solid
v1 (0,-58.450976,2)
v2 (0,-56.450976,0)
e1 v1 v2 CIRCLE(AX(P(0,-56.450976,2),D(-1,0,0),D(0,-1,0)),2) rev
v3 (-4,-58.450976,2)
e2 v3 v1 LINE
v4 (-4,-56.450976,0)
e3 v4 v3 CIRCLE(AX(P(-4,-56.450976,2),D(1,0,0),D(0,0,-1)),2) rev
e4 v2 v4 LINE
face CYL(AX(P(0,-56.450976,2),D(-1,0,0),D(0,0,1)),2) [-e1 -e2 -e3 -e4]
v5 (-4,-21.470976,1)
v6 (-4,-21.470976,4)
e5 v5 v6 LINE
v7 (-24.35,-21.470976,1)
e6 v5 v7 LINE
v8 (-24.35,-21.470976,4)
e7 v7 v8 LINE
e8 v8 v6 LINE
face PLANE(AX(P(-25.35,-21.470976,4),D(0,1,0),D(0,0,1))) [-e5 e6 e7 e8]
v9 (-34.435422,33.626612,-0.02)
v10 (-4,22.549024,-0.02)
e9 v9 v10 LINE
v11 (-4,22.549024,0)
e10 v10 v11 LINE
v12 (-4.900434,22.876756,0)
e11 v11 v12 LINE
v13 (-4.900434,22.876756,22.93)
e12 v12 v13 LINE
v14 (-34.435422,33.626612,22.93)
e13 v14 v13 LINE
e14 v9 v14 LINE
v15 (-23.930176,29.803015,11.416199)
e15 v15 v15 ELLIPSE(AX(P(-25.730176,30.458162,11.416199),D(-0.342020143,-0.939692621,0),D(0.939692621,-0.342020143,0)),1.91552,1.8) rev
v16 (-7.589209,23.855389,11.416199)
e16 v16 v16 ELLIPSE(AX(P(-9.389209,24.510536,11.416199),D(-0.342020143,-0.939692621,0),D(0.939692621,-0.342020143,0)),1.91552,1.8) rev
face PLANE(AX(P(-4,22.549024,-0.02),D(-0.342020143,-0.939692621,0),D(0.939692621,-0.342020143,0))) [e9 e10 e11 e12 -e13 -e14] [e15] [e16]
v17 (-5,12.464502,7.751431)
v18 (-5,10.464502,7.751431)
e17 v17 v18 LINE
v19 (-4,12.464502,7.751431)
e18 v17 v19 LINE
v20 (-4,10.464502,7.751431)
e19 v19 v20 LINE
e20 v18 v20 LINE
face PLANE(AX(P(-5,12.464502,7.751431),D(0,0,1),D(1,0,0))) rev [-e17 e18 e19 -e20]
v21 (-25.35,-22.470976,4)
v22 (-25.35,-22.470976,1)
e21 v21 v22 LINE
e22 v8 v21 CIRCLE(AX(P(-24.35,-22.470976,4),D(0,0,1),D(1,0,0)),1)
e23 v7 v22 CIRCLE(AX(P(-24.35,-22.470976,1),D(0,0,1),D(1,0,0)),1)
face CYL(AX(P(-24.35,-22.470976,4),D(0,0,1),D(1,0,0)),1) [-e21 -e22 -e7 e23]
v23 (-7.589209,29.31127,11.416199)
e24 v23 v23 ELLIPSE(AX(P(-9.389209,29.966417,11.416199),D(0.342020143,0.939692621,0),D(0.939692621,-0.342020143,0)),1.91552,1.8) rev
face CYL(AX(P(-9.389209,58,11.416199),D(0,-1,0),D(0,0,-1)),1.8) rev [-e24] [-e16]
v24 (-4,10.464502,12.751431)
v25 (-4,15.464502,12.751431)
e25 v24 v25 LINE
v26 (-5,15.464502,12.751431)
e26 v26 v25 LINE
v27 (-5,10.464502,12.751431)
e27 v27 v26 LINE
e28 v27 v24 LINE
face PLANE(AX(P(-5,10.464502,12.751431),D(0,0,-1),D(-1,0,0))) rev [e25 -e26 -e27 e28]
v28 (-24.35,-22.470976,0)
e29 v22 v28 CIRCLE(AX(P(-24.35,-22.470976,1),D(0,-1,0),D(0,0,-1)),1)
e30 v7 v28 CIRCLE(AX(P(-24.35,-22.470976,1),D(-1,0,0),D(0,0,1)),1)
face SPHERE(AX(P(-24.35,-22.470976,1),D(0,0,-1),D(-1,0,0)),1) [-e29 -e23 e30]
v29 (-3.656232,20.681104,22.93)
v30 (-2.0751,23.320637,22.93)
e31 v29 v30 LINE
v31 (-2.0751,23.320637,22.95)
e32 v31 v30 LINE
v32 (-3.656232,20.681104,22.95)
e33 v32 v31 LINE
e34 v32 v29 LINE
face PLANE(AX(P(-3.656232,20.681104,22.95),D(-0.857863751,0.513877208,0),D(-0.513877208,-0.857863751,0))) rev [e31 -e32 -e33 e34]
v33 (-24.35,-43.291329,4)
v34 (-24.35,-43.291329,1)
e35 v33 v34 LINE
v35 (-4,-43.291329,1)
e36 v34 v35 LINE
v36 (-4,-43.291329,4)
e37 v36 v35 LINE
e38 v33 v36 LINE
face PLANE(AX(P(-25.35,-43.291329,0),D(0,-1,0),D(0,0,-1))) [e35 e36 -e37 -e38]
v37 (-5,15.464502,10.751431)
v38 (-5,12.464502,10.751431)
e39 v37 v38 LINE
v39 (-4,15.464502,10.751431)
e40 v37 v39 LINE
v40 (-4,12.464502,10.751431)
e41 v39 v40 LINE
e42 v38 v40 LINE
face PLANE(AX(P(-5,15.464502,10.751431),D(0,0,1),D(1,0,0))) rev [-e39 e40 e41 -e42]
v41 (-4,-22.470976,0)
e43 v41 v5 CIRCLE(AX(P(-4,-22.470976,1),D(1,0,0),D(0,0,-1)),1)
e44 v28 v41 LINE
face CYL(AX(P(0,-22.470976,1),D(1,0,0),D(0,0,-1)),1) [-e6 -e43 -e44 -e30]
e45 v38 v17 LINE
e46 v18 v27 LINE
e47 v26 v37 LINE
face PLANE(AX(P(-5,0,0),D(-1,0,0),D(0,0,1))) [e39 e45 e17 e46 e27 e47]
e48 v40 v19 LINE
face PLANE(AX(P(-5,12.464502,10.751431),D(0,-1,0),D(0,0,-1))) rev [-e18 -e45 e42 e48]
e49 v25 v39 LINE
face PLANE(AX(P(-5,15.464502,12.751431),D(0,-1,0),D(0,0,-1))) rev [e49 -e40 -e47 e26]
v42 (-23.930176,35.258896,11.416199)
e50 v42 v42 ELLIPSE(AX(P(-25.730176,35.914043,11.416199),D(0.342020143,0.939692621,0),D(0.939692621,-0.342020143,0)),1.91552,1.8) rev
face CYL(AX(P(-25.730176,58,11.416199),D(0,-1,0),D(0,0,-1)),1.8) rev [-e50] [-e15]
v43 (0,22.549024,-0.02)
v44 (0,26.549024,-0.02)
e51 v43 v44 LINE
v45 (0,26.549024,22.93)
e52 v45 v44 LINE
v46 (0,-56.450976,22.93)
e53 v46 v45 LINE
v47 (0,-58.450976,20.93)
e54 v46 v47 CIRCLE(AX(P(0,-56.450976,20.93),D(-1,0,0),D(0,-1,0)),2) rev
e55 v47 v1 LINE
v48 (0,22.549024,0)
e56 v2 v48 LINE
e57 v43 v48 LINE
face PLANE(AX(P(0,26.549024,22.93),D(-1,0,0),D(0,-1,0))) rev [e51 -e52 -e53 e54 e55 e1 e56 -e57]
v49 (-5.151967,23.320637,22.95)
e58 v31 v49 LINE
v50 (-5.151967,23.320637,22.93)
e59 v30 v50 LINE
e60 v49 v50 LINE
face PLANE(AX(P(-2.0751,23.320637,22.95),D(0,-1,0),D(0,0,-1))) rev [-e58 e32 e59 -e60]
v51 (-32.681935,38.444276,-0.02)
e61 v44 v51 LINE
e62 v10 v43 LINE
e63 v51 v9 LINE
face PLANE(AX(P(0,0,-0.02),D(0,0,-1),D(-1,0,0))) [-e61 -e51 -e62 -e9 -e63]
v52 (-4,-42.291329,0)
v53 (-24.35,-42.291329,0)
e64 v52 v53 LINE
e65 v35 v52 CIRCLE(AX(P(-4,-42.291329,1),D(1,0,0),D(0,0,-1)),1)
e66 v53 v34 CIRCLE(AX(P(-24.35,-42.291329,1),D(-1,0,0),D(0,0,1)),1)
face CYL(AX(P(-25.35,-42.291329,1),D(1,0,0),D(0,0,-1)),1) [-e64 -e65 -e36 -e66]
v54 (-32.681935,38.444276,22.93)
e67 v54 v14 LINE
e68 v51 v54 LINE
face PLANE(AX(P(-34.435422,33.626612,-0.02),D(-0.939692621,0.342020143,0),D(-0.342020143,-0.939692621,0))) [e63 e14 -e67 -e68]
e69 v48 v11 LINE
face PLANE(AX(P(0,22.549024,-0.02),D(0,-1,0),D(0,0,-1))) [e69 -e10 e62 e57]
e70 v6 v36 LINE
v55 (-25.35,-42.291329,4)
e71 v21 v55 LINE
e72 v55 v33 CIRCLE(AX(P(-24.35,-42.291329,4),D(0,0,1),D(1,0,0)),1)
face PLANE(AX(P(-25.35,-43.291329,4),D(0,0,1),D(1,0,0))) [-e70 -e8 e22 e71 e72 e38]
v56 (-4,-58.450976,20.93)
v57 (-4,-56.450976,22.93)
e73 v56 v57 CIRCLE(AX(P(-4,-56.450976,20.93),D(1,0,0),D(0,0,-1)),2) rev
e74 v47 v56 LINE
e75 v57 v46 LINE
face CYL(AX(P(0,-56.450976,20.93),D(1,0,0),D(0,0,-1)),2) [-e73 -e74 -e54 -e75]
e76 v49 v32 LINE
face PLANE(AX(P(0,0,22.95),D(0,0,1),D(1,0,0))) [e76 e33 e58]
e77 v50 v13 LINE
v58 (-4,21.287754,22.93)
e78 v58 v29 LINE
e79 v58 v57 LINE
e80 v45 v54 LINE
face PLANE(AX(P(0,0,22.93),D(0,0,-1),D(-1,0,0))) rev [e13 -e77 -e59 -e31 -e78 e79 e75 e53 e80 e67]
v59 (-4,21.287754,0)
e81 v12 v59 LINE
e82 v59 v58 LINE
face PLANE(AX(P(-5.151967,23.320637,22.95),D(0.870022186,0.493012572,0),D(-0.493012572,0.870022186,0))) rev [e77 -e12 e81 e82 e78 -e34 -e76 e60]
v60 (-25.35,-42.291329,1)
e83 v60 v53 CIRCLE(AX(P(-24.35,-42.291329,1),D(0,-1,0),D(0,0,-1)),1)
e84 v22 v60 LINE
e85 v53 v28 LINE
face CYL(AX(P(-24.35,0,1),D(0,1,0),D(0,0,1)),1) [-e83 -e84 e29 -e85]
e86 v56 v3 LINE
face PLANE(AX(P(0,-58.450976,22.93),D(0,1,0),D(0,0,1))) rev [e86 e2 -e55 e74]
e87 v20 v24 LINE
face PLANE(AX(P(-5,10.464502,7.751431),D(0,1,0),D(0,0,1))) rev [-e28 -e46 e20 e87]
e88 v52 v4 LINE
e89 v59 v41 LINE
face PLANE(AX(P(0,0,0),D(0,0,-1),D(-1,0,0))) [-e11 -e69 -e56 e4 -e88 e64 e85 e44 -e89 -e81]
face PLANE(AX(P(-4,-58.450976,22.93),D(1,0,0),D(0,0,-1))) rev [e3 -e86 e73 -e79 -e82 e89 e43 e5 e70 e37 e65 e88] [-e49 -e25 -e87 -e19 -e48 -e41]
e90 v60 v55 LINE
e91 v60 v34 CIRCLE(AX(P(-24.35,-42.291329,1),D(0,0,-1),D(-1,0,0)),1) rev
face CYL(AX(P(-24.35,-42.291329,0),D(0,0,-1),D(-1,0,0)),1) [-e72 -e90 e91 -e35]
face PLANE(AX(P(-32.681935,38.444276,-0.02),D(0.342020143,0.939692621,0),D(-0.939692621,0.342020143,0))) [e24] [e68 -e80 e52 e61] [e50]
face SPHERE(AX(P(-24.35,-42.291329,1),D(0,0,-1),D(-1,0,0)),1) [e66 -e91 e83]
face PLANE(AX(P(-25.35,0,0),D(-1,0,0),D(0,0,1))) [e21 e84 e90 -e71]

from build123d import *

# Parameters (mm, degrees)
ESQUISSE1_W             = 4
ESQUISSE1_H             = 85
BOSS_EXTRU_1_DEPTH      = 22.93
BOSS_EXTRU_5_DEPTH      = 22.95
CONG_1_R                = 2
ESQUISSE7_W             = 4
ESQUISSE7_H             = 21.820353027
BOSS_EXTRU_10_DEPTH     = 25.35
CONG_14_R               = 1
CONG_15_R               = 1
ESQUISSE9_R             = 1.8
ENL_V_MAT_EXTRU_1_DEPTH = 58
BOSS_EXTRU_11_DEPTH     = 1
BOSS_EXTRU_12_DEPTH     = 22.95


with BuildPart() as part:
    # Esquisse1 → Boss.-Extru.1 (new body)
    with BuildSketch(Plane.XY):
        with Locations((-2, -15.95097561)):
            Rectangle(ESQUISSE1_W, ESQUISSE1_H)
    extrude(amount=BOSS_EXTRU_1_DEPTH)

    # Esquisse2 → Boss.-Extru.5 (add)
    with BuildSketch(Plane.XY.offset(22.93)):
        Polygon((-32.681935281, 38.444276031), (0, 26.54902439), (0, 22.54902439), (-4, 22.54902439), (-34.435421614, 33.626611925), align=None)
    extrude(amount=-BOSS_EXTRU_5_DEPTH)

    # Congé1
    cong_1_edges = [part.edges().sort_by_distance(p)[0] for p in [
        (-2, -58.45097561, 22.93),
        (-2, -58.45097561, 0),
    ]]
    fillet(cong_1_edges, radius=CONG_1_R)

    # Esquisse7 → Boss.-Extru.10 (add)
    with BuildSketch(Plane(origin=(0, 0, 0), x_dir=(0, 0, -1), z_dir=(1, 0, 0))):
        with Locations((-2, -32.381152124)):
            Rectangle(ESQUISSE7_W, ESQUISSE7_H)
    extrude(amount=-BOSS_EXTRU_10_DEPTH)

    # Congé14
    cong_14_edges = [part.edges().sort_by_distance(p)[0] for p in [
        (-25.35, -43.291328637, 2),
        (-25.35, -21.47097561, 2),
    ]]
    fillet(cong_14_edges, radius=CONG_14_R)

    # Congé15
    cong_15_edges = [part.edges().sort_by_distance(p)[0] for p in [
        (-14.175, -43.291328637, 0),
        (-25.35, -32.381152123, 0),
        (-14.175, -21.47097561, 0),
        (-25.057106781, -21.763868829, 0),
        (-25.057106781, -42.998435418, 0),
    ]]
    fillet(cong_15_edges, radius=CONG_15_R)

    # Esquisse9 → Enlèv. mat.-Extru.1 (cut)
    with BuildSketch(Plane(origin=(0, 0, 0), x_dir=(1, 0, 0), z_dir=(0, 1, 0))):
        with Locations((-25.73017615, -11.416199304)):
            Circle(ESQUISSE9_R)
        with Locations((-9.38920851, -11.416199304)):
            Circle(ESQUISSE9_R)
    extrude(amount=ENL_V_MAT_EXTRU_1_DEPTH, mode=Mode.SUBTRACT)

    # Esquisse10 → Boss.-Extru.11 (add)
    with BuildSketch(Plane.ZY.offset(4)):
        Polygon((7.751431337, 10.464501792), (12.751431337, 10.464501792), (12.751431337, 15.464501792), (10.751431337, 15.464501792), (10.751431337, 12.464501792), (7.751431337, 12.464501792), align=None)
    extrude(amount=BOSS_EXTRU_11_DEPTH)

    # Esquisse13 → Boss.-Extru.12 (add)
    with BuildSketch(Plane.XY):
        Polygon((-5.151966744, 23.320636857), (-3.656231692, 20.681104413), (-2.075100003, 23.320636857), align=None)
    extrude(amount=BOSS_EXTRU_12_DEPTH)


solid = part.part
